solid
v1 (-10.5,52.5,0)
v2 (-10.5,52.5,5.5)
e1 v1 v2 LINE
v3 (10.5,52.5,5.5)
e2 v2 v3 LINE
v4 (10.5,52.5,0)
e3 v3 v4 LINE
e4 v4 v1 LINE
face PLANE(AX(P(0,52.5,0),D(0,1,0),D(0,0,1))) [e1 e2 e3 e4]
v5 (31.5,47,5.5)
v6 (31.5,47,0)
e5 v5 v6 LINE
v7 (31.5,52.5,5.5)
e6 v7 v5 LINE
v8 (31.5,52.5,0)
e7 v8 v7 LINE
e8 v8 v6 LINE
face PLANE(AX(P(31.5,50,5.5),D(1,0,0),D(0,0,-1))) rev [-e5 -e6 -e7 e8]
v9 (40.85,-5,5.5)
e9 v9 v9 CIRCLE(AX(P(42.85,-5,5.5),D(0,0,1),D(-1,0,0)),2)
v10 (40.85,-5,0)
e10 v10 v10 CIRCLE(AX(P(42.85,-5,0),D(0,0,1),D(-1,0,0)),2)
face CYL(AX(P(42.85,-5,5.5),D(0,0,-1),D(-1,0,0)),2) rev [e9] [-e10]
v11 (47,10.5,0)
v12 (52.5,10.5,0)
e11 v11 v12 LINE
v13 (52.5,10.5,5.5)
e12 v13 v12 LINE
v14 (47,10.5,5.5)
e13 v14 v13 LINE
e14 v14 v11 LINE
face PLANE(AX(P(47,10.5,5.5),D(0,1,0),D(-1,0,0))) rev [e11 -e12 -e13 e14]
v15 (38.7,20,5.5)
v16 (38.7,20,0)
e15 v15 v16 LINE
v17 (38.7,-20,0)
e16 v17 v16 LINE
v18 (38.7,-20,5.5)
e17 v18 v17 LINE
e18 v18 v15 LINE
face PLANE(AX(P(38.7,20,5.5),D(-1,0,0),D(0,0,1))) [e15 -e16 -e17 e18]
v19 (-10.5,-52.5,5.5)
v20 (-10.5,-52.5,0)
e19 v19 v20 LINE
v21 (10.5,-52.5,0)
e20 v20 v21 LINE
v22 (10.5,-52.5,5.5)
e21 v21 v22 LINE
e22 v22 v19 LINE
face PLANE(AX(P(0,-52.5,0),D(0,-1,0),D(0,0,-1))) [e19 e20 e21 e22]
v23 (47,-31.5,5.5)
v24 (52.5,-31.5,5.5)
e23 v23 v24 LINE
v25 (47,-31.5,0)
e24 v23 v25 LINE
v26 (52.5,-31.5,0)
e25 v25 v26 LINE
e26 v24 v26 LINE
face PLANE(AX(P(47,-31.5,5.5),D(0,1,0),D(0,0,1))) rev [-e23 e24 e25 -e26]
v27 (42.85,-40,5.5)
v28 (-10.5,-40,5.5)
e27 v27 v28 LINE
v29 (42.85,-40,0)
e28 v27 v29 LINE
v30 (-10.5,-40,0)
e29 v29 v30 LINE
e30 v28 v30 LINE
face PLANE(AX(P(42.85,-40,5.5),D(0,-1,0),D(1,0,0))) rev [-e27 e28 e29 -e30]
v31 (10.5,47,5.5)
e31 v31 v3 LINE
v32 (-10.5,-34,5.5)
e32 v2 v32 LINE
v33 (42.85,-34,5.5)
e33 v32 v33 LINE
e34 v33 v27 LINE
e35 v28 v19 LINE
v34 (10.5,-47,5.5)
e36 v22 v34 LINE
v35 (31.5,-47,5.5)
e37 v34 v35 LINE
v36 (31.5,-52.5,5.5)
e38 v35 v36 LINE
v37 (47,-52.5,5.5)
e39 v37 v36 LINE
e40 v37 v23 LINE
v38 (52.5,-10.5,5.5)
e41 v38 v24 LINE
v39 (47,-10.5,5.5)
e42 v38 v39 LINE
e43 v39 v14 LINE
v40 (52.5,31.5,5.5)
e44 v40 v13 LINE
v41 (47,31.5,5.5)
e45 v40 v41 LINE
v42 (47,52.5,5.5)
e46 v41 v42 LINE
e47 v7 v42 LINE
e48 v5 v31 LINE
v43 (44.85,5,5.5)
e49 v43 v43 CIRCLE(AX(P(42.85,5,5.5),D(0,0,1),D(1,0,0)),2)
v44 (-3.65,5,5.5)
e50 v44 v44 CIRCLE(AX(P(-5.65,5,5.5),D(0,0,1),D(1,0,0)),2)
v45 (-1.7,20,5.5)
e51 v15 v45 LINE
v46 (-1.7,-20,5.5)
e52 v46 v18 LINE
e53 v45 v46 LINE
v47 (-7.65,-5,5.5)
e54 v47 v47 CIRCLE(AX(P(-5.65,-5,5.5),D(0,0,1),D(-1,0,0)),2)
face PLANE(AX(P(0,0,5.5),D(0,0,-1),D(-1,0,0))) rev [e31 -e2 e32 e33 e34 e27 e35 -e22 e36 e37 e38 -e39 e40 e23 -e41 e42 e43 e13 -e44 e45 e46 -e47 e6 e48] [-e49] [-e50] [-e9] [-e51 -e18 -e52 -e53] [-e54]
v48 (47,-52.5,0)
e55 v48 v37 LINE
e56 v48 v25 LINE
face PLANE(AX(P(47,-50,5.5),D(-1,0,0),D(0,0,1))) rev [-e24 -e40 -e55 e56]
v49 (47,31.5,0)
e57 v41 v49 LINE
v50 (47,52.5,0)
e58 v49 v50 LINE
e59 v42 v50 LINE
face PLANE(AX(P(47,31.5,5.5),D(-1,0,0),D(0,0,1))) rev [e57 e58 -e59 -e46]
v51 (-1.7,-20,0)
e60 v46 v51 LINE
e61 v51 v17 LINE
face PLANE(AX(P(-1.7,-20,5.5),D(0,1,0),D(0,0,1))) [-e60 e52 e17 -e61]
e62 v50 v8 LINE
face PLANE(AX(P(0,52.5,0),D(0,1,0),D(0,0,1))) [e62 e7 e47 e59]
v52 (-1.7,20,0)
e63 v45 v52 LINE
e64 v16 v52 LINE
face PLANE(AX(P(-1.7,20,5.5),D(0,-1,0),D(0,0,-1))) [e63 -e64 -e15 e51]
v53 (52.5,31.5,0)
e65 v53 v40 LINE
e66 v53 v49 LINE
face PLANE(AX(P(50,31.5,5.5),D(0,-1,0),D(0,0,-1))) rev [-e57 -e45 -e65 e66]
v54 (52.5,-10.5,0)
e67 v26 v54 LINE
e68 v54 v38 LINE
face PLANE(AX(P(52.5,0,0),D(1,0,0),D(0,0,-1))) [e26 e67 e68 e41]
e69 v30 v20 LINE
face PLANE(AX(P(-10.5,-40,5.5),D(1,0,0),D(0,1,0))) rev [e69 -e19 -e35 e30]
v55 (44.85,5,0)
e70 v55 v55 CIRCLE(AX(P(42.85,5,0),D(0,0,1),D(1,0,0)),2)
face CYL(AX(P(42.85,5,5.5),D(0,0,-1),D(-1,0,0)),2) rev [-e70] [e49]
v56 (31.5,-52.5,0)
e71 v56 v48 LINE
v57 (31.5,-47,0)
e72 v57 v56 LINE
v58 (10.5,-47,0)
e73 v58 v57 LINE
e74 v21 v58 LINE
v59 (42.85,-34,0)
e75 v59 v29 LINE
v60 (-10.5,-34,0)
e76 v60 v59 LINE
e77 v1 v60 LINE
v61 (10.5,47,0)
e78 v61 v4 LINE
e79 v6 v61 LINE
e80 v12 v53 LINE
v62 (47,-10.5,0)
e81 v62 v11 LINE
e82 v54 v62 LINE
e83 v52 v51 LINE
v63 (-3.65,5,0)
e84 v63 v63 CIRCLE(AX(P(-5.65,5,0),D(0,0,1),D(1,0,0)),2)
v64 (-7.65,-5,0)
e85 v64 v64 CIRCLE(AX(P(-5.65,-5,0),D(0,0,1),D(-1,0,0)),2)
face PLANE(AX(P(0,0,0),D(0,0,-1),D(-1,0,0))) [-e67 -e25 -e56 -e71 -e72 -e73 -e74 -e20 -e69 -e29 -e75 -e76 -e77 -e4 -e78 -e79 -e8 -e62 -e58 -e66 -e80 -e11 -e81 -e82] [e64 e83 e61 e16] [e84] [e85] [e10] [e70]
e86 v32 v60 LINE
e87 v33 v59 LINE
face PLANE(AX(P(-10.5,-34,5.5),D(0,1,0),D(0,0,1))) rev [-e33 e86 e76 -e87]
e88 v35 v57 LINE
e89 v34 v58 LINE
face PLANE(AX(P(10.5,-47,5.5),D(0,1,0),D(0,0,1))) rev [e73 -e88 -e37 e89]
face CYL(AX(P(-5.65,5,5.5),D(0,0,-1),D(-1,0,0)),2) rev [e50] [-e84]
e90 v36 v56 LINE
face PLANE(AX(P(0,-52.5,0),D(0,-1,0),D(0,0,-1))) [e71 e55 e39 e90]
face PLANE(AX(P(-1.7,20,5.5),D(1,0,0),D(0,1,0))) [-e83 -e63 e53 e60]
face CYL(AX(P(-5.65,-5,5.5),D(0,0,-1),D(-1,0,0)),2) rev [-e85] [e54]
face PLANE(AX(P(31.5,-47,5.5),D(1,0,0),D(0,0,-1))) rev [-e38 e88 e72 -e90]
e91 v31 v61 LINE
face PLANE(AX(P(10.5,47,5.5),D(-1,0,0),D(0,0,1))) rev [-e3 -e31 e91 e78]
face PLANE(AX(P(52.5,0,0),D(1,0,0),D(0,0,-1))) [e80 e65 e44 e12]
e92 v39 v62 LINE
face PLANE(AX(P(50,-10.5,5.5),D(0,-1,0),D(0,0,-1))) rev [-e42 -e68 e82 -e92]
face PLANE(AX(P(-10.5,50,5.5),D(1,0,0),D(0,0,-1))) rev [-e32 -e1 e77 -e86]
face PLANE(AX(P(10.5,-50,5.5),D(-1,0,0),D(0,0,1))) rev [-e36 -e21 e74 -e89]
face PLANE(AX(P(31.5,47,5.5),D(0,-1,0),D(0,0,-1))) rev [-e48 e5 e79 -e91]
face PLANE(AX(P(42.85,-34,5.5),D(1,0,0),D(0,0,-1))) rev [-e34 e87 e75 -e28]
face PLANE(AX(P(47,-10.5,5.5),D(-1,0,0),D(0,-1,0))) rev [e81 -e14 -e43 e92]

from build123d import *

# Parameters (mm, degrees)
CROQUIS2_R              = 2
CROQUIS2_W              = 40.4
CROQUIS2_H              = 40
SALIENTE_EXTRUIR1_DEPTH = 5.5
CROQUIS3_W              = 5.5
CROQUIS3_H              = 21
SALIENTE_EXTRUIR2_DEPTH = 2.5
CROQUIS4_W              = 15.5
CROQUIS4_H              = 5.5
CROQUIS4_W_2            = 21
SALIENTE_EXTRUIR3_DEPTH = 2.5
CROQUIS5_W              = 15.5
CROQUIS5_H              = 5.5
CROQUIS5_W_2            = 21
SALIENTE_EXTRUIR4_DEPTH = 2.5


with BuildPart() as part:
    # Croquis2 → Saliente-Extruir1 (new body)
    with BuildSketch(Plane.XY):
        Polygon((-10.5, 50), (-10.5, -34), (42.85, -34), (42.85, -40), (-10.5, -40), (-10.5, -50), (10.5, -50), (10.5, -47), (31.5, -47), (31.5, -50), (47, -50), (47, -31.5), (50, -31.5), (50, -10.5), (47, -10.5), (47, 10.5), (50, 10.5), (50, 31.5), (47, 31.5), (47, 50), (31.5, 50), (31.5, 47), (10.5, 47), (10.5, 50), align=None)
        with Locations((42.85, 5)):
            Circle(CROQUIS2_R, mode=Mode.SUBTRACT)
        with Locations((-5.65, 5)):
            Circle(CROQUIS2_R, mode=Mode.SUBTRACT)
        with Locations((42.85, -5)):
            Circle(CROQUIS2_R, mode=Mode.SUBTRACT)
        with Locations((-5.65, -5)):
            Circle(CROQUIS2_R, mode=Mode.SUBTRACT)
        with Locations((18.5, 0)):
            Rectangle(CROQUIS2_W, CROQUIS2_H, mode=Mode.SUBTRACT)
    extrude(amount=SALIENTE_EXTRUIR1_DEPTH)

    # Croquis3 → Saliente-Extruir2 (add)
    with BuildSketch(Plane(origin=(50, 0, 0), x_dir=(0, 0, -1), z_dir=(1, 0, 0))):
        with Locations((-2.75, -21)):
            Rectangle(CROQUIS3_W, CROQUIS3_H)
        with Locations((-2.75, 21)):
            Rectangle(CROQUIS3_W, CROQUIS3_H)
    extrude(amount=SALIENTE_EXTRUIR2_DEPTH)

    # Croquis4 → Saliente-Extruir3 (add)
    with BuildSketch(Plane(origin=(0, 50, 0), x_dir=(1, 0, 0), z_dir=(0, 1, 0))):
        with Locations((39.25, -2.75)):
            Rectangle(CROQUIS4_W, CROQUIS4_H)
        with Locations((0, -2.75)):
            Rectangle(CROQUIS4_W_2, CROQUIS4_H)
    extrude(amount=SALIENTE_EXTRUIR3_DEPTH)

    # Croquis5 → Saliente-Extruir4 (add)
    with BuildSketch(Plane.XZ.offset(50)):
        with Locations((39.25, 2.75)):
            Rectangle(CROQUIS5_W, CROQUIS5_H)
        with Locations((0, 2.75)):
            Rectangle(CROQUIS5_W_2, CROQUIS5_H)
    extrude(amount=SALIENTE_EXTRUIR4_DEPTH)


solid = part.part
